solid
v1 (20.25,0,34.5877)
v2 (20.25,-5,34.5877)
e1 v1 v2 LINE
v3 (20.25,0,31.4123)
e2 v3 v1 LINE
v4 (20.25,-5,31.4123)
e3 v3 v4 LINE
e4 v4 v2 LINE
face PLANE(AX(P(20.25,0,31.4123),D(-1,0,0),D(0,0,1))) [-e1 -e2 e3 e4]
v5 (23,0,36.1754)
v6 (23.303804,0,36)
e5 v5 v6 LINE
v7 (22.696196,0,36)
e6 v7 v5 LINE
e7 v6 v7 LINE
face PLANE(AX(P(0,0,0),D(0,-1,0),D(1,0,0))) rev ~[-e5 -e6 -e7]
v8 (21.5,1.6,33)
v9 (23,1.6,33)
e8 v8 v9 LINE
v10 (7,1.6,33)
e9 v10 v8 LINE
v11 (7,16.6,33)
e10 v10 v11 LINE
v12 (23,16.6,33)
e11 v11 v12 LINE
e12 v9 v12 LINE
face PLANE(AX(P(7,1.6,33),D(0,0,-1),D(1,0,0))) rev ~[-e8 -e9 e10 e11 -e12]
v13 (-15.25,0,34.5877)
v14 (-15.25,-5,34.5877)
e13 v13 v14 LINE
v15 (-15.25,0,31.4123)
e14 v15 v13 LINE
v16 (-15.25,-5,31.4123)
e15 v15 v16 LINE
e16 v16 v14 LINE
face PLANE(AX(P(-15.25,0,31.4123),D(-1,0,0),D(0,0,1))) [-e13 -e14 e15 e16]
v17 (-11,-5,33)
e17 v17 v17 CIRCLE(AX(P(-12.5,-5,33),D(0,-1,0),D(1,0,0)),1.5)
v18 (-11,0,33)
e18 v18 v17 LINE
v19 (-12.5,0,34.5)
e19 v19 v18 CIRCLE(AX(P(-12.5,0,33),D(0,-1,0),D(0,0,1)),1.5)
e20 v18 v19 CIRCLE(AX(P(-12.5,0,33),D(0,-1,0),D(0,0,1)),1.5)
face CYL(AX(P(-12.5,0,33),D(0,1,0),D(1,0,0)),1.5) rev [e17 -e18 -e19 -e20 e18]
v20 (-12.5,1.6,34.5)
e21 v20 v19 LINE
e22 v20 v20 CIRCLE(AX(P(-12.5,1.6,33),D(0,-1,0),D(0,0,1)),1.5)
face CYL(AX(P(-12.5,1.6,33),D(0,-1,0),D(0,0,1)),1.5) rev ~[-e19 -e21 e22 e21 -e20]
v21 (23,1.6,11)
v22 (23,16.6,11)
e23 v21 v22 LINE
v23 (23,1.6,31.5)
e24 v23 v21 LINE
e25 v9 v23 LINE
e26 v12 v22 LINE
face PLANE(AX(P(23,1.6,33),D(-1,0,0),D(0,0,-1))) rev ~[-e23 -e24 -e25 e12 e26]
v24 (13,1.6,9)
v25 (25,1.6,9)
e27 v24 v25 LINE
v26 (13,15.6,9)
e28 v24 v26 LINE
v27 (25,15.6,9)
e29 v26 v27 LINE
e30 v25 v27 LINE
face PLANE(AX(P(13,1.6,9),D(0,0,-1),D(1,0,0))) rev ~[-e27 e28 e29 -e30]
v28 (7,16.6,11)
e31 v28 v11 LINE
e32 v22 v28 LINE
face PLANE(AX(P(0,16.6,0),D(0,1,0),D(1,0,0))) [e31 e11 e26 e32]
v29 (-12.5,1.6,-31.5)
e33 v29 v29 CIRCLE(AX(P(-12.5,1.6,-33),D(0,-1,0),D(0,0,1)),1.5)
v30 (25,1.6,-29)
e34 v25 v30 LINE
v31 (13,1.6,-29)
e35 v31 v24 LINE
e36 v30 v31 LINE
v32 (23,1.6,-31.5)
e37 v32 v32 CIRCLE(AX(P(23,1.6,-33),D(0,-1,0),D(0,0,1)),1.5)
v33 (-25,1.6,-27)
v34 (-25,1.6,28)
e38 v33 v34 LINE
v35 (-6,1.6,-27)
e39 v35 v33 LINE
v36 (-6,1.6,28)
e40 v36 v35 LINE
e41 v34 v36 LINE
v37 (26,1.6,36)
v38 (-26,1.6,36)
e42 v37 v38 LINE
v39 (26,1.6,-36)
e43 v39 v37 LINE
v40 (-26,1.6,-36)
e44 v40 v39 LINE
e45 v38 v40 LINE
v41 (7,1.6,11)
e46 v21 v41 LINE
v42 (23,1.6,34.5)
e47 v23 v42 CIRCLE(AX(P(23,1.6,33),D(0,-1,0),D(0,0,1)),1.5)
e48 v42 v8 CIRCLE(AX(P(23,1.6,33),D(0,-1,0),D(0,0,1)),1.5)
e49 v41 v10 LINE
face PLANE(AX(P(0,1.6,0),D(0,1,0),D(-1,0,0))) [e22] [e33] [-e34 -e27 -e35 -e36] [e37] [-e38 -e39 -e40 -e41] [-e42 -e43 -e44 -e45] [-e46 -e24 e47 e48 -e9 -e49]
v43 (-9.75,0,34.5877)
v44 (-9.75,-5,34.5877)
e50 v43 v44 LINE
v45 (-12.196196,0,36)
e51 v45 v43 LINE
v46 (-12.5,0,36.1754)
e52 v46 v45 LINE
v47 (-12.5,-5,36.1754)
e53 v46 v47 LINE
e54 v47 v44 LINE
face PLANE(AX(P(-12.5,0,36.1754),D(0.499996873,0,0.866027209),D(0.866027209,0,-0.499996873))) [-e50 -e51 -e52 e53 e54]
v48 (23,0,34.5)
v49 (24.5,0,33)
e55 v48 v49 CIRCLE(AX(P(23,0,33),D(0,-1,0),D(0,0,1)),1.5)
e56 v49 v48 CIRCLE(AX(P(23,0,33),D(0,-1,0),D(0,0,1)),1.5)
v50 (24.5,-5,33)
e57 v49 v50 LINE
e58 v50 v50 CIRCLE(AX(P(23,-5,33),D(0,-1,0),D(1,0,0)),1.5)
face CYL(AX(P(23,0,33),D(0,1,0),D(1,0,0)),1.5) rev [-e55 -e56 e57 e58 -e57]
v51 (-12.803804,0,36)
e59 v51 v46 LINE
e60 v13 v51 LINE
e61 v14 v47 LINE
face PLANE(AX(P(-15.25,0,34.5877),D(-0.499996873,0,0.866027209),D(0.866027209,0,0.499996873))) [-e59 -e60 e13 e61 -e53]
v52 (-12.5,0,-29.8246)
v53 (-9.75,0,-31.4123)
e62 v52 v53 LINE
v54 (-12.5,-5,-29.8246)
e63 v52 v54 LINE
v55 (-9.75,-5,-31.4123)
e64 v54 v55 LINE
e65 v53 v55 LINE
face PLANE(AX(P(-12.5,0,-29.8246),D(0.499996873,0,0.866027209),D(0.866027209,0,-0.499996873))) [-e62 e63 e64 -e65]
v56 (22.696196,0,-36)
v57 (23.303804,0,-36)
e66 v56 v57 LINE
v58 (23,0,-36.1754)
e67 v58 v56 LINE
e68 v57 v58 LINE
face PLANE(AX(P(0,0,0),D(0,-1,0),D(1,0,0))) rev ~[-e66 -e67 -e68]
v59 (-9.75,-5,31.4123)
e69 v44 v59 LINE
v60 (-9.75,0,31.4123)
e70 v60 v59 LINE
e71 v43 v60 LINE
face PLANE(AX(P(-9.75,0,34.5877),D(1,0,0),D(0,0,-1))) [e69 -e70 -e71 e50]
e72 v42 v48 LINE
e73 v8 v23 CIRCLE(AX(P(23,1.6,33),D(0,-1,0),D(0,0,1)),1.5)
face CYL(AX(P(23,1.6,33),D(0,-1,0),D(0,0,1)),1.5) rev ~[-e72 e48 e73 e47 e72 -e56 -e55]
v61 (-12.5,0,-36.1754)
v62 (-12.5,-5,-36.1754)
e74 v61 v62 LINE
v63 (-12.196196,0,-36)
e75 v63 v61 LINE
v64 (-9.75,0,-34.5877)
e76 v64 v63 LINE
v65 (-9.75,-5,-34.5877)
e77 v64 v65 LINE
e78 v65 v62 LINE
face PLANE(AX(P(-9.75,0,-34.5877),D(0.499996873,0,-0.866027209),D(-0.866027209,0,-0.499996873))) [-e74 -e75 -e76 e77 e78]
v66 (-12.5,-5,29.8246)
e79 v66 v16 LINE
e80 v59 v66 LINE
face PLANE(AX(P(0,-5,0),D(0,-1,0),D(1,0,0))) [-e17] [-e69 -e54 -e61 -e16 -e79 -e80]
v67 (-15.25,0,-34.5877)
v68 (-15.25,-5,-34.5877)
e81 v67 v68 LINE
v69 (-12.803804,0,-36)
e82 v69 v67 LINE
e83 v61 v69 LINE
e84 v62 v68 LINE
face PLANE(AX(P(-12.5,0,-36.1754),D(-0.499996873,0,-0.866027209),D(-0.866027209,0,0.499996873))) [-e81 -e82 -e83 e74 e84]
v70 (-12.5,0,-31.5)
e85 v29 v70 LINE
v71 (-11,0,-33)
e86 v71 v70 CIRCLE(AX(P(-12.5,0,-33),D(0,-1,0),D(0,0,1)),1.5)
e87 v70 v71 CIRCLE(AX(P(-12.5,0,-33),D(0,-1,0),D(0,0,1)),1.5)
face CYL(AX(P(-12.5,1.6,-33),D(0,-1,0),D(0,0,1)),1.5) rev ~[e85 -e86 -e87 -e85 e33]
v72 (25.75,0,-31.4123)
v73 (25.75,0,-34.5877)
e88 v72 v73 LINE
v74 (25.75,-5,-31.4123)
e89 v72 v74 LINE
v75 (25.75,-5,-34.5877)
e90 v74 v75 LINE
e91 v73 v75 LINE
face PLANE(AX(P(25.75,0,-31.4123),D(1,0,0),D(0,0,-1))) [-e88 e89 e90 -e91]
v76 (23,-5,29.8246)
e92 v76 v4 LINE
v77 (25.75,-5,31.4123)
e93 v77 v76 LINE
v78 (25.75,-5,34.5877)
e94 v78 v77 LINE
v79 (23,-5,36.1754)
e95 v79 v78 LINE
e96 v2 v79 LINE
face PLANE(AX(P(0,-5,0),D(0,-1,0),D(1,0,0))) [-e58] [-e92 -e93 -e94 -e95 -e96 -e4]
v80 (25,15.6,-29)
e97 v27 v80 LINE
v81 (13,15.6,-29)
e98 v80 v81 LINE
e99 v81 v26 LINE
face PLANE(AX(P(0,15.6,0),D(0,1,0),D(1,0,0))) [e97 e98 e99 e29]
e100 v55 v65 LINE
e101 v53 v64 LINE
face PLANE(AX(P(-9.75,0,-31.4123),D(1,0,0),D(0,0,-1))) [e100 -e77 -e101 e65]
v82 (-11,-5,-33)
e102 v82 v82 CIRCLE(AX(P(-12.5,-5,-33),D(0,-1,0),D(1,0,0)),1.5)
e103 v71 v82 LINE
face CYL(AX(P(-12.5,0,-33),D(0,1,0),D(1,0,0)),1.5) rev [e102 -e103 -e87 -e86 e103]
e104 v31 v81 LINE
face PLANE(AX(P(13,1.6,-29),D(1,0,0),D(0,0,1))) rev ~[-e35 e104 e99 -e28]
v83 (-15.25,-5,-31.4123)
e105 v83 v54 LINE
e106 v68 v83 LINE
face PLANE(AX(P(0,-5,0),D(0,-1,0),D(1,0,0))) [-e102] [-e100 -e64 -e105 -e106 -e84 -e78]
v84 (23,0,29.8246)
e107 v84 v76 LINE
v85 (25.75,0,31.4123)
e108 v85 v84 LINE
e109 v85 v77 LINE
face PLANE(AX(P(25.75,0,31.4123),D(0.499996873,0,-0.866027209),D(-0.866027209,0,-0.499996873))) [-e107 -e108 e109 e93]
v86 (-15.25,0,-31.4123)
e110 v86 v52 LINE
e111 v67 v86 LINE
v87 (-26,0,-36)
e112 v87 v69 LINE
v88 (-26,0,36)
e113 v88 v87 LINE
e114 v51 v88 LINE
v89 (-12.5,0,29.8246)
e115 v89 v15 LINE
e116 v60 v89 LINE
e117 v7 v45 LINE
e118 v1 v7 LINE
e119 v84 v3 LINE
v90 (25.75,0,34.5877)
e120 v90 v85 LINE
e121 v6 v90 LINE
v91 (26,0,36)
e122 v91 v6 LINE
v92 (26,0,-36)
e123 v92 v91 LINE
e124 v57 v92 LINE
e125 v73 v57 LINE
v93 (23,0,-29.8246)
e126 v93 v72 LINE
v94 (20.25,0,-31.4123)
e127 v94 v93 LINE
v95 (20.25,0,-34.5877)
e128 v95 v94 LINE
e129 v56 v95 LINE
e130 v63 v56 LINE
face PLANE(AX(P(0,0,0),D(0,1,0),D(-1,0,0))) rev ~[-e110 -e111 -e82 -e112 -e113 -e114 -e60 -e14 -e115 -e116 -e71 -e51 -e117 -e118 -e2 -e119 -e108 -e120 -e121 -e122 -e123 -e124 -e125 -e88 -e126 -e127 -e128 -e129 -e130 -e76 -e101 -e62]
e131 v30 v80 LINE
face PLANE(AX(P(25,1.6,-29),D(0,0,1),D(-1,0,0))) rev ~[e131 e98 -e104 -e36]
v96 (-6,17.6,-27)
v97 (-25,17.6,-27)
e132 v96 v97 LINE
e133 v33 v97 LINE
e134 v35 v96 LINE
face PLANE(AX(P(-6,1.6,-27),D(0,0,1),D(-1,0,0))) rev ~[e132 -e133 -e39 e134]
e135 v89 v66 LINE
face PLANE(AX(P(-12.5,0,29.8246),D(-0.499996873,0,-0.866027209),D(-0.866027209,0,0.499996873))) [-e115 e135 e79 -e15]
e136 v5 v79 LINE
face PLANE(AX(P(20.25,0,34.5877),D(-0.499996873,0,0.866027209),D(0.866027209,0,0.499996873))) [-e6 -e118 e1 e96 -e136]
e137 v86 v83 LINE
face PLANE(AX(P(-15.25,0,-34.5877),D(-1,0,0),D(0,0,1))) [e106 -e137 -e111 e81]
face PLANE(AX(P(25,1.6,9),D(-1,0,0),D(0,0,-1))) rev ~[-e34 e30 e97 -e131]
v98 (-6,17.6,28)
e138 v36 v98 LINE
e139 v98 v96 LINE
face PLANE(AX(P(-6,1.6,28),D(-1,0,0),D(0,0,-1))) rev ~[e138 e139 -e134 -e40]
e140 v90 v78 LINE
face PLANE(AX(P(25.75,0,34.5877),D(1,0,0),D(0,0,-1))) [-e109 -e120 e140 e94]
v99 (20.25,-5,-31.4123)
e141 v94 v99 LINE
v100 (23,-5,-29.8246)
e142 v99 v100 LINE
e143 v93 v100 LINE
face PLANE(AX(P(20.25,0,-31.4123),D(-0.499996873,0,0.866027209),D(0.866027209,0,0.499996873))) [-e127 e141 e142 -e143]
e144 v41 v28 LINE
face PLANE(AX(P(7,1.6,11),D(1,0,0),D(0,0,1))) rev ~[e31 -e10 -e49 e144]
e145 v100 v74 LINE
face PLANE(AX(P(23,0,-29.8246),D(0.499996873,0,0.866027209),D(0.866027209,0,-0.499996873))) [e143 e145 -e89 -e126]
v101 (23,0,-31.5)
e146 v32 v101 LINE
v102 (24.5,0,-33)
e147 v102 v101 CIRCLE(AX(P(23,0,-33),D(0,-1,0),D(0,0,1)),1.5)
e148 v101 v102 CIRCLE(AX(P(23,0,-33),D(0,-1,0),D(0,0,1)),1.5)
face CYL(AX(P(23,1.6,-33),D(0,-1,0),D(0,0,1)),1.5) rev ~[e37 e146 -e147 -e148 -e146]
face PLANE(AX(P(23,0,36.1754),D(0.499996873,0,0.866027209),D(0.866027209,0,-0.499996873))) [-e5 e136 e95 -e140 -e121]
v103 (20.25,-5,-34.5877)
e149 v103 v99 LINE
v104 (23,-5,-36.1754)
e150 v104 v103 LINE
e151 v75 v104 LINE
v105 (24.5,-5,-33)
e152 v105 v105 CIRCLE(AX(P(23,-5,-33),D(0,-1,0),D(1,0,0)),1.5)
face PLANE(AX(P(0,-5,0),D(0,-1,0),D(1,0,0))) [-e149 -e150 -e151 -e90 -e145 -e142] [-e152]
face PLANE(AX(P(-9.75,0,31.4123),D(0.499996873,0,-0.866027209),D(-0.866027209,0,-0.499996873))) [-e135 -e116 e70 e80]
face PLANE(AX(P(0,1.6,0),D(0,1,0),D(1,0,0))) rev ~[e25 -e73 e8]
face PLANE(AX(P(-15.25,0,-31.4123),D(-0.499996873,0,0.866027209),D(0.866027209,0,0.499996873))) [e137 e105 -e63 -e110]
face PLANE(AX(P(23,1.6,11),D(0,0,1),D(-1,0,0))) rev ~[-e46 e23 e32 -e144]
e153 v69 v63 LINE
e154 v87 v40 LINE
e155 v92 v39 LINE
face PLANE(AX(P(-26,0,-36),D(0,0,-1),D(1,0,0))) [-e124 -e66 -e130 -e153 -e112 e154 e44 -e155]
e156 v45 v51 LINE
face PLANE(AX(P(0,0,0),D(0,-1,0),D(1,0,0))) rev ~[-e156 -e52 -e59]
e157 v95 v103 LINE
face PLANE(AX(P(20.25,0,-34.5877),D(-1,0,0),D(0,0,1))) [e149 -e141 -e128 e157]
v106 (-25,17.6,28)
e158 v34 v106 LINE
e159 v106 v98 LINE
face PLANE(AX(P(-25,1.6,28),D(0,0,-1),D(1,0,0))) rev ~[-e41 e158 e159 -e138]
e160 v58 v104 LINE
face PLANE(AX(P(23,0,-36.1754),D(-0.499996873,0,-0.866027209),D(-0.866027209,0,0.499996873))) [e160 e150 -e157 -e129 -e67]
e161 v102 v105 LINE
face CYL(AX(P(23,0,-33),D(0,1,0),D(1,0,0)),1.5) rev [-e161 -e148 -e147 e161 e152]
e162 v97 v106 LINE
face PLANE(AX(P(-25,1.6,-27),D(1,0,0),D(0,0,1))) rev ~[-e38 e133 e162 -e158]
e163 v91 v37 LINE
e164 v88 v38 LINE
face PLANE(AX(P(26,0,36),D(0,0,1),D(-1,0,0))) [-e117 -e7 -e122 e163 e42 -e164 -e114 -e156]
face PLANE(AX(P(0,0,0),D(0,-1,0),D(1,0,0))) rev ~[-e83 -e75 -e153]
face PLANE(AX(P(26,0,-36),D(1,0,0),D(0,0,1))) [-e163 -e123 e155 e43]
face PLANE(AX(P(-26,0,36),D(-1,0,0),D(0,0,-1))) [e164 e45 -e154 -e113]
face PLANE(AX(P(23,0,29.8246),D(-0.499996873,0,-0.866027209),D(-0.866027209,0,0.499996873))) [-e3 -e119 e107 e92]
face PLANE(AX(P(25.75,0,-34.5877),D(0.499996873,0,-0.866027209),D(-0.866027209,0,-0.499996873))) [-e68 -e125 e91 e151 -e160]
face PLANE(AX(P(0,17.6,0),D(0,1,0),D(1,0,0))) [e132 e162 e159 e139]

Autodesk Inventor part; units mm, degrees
ref_plane "YZ Plane" through (0, 0, 0) normal (1, 0, 0) x (0, 1, 0)
ref_plane "XZ Plane" through (0, 0, 0) normal (0, 1, 0) x (-1, 0, 0)
ref_plane "XY Plane" through (0, 0, 0) normal (0, 0, 1) x (1, 0, 0)
sketch "Sketch1" plane through (0, 0, 0) normal (0, 1, 0) x (-1, 0, 0)
  line L0 (-26, 36) -> (26, 36)
  line L1 (26, 36) -> (26, -36)
  line L2 (26, -36) -> (-26, -36)
  line L3 (-26, -36) -> (-26, 36)
  line L4 (-26, 36) -> (26, -36) construction
  line L5 (26, 36) -> (-26, -36) construction
  point P0 (0, 0)
  dimension "d0" = 72
  dimension "d1" = 52
extrude "Extrusion1" add sketch "Sketch1" along normal blind 1.6
sketch "Sketch2" plane through (0, 1.6, 0) normal (0, 1, 0) x (1, 0, 0)
  line L0 (-12.5, -33) -> (23, -33) construction
  line L1 (23, -33) -> (23, 33) construction
  line L2 (23, 33) -> (-12.5, 33) construction
  line L3 (-12.5, 33) -> (-12.5, -33) construction
  line L4 (-12.5, -33) -> (23, 33) construction
  line L5 (23, -33) -> (-12.5, 33) construction
  line L6 (26, 36) -> (-26, 36) construction
  line L7 (-26, -36) -> (26, -36) construction
  line L8 (26, -36) -> (26, 36) construction
  line L9 (26, 36) -> (-26, 36) construction
  line L10 (-26, 36) -> (-26, -36) construction
  point P0 (0, 0)
  point P1 (5.25, 0)
  dimension "d4" = 66
  dimension "d5" = 35.5
  dimension "d6" = 3
  dimension "d7" = 3
hole "Hole1" at (-12.5, 1.6, 33) at (-12.5, 1.6, -33) at (23, 1.6, -33) at (23, 1.6, 33) direction (0, -1, 0) diameter 3 end through all
sketch "Sketch3" plane through (0, 1.6, 0) normal (0, 1, 0) x (1, 0, 0)
  line L0 (13, -9) -> (25, -9)
  line L1 (25, -9) -> (25, 29)
  line L2 (25, 29) -> (13, 29)
  line L3 (13, 29) -> (13, -9)
  circle A0 centre (23, 33) radius 1.5 construction
  line L4 (26, -36) -> (26, 36) construction
  point P0 (0, 0)
  dimension "d15" = 38
  dimension "d16" = 12
  dimension "d18" = 4
  dimension "d19" = 1
extrude "Extrusion2" add sketch "Sketch3" along normal blind 14
sketch "Sketch4" plane through (0, 1.6, 0) normal (0, 1, 0) x (1, 0, 0)
  line L0 (7, -33) -> (23, -33)
  line L1 (23, -33) -> (23, -11)
  line L2 (23, -11) -> (7, -11)
  line L3 (7, -11) -> (7, -33)
  line L4 (13, -9) -> (13, 29) construction
  line L5 (13, 29) -> (25, 29) construction
  line L6 (25, 29) -> (25, -9) construction
  line L7 (25, -9) -> (13, -9) construction
  circle A0 centre (23, 33) radius 1.5 construction
  circle A1 centre (-12.5, -33) radius 1.5 construction
  circle A2 centre (-12.5, 33) radius 1.5 construction
  circle A3 centre (23, -33) radius 1.5 construction
  line L8 (-26, -36) -> (26, -36) construction
  line L9 (26, -36) -> (26, 36) construction
  line L10 (26, 36) -> (-26, 36) construction
  line L11 (-26, 36) -> (-26, -36) construction
  point P0 (0, 0)
  dimension "d22" = 22
  dimension "d23" = 16
extrude "Extrusion3" add sketch "Sketch4" along normal blind 15
sketch "Sketch5" plane through (0, 1.6, 0) normal (0, 1, 0) x (1, 0, 0)
  line L0 (-25, -28) -> (-6, -28)
  line L1 (-6, -28) -> (-6, 27)
  line L2 (-6, 27) -> (-25, 27)
  line L3 (-25, 27) -> (-25, -28)
  line L4 (-26, -36) -> (26, -36) projected
  line L5 (-26, 36) -> (-26, -36) projected
  point P0 (0, 0)
  dimension "d26" = 55
  dimension "d27" = 19
  dimension "d28" = 8
  dimension "d29" = 1
extrude "Extrusion4" add sketch "Sketch5" along normal blind 16
sketch "Sketch6" plane through (0, 0, 0) normal (0, -1, 0) x (1, 0, 0)
  circle A0 centre (23, 33) radius 1.5 projected
  circle A1 centre (23, -33) radius 1.5 projected
  circle A2 centre (-12.5, -33) radius 1.5 projected
  circle A3 centre (-12.5, 33) radius 1.5 projected
  line L0 (25.75, 31.4123) -> (23, 29.8246)
  line L1 (23, 29.8246) -> (20.25, 31.4123)
  line L2 (20.25, 31.4123) -> (20.25, 34.5877)
  line L3 (20.25, 34.5877) -> (23, 36.1754)
  line L4 (23, 36.1754) -> (25.75, 34.5877)
  line L5 (25.75, 34.5877) -> (25.75, 31.4123)
  line L6 (20.25, -31.4123) -> (23, -29.8246)
  line L7 (23, -29.8246) -> (25.75, -31.4123)
  line L8 (25.75, -31.4123) -> (25.75, -34.5877)
  line L9 (25.75, -34.5877) -> (23, -36.1754)
  line L10 (23, -36.1754) -> (20.25, -34.5877)
  line L11 (20.25, -34.5877) -> (20.25, -31.4123)
  line L12 (-9.75, 31.4123) -> (-12.5, 29.8246)
  line L13 (-12.5, 29.8246) -> (-15.25, 31.4123)
  line L14 (-15.25, 31.4123) -> (-15.25, 34.5877)
  line L15 (-15.25, 34.5877) -> (-12.5, 36.1754)
  line L16 (-12.5, 36.1754) -> (-9.75, 34.5877)
  line L17 (-9.75, 34.5877) -> (-9.75, 31.4123)
  line L18 (-9.75, -31.4123) -> (-9.75, -34.5877)
  line L19 (-9.75, -34.5877) -> (-12.5, -36.1754)
  line L20 (-12.5, -36.1754) -> (-15.25, -34.5877)
  line L21 (-15.25, -34.5877) -> (-15.25, -31.4123)
  line L22 (-15.25, -31.4123) -> (-12.5, -29.8246)
  line L23 (-12.5, -29.8246) -> (-9.75, -31.4123)
  line L24 (26, -36) -> (26, 36) projected
  line L25 (-26, 36) -> (-26, -36) projected
  point P0 (0, 0)
  dimension "d32" = 5.5
  dimension "d33" = 5.5
  dimension "d34" = 5.5
  dimension "d35" = 5.5
extrude "Extrusion5" add sketch "Sketch6" along normal blind 5
properties part number "backboard"
